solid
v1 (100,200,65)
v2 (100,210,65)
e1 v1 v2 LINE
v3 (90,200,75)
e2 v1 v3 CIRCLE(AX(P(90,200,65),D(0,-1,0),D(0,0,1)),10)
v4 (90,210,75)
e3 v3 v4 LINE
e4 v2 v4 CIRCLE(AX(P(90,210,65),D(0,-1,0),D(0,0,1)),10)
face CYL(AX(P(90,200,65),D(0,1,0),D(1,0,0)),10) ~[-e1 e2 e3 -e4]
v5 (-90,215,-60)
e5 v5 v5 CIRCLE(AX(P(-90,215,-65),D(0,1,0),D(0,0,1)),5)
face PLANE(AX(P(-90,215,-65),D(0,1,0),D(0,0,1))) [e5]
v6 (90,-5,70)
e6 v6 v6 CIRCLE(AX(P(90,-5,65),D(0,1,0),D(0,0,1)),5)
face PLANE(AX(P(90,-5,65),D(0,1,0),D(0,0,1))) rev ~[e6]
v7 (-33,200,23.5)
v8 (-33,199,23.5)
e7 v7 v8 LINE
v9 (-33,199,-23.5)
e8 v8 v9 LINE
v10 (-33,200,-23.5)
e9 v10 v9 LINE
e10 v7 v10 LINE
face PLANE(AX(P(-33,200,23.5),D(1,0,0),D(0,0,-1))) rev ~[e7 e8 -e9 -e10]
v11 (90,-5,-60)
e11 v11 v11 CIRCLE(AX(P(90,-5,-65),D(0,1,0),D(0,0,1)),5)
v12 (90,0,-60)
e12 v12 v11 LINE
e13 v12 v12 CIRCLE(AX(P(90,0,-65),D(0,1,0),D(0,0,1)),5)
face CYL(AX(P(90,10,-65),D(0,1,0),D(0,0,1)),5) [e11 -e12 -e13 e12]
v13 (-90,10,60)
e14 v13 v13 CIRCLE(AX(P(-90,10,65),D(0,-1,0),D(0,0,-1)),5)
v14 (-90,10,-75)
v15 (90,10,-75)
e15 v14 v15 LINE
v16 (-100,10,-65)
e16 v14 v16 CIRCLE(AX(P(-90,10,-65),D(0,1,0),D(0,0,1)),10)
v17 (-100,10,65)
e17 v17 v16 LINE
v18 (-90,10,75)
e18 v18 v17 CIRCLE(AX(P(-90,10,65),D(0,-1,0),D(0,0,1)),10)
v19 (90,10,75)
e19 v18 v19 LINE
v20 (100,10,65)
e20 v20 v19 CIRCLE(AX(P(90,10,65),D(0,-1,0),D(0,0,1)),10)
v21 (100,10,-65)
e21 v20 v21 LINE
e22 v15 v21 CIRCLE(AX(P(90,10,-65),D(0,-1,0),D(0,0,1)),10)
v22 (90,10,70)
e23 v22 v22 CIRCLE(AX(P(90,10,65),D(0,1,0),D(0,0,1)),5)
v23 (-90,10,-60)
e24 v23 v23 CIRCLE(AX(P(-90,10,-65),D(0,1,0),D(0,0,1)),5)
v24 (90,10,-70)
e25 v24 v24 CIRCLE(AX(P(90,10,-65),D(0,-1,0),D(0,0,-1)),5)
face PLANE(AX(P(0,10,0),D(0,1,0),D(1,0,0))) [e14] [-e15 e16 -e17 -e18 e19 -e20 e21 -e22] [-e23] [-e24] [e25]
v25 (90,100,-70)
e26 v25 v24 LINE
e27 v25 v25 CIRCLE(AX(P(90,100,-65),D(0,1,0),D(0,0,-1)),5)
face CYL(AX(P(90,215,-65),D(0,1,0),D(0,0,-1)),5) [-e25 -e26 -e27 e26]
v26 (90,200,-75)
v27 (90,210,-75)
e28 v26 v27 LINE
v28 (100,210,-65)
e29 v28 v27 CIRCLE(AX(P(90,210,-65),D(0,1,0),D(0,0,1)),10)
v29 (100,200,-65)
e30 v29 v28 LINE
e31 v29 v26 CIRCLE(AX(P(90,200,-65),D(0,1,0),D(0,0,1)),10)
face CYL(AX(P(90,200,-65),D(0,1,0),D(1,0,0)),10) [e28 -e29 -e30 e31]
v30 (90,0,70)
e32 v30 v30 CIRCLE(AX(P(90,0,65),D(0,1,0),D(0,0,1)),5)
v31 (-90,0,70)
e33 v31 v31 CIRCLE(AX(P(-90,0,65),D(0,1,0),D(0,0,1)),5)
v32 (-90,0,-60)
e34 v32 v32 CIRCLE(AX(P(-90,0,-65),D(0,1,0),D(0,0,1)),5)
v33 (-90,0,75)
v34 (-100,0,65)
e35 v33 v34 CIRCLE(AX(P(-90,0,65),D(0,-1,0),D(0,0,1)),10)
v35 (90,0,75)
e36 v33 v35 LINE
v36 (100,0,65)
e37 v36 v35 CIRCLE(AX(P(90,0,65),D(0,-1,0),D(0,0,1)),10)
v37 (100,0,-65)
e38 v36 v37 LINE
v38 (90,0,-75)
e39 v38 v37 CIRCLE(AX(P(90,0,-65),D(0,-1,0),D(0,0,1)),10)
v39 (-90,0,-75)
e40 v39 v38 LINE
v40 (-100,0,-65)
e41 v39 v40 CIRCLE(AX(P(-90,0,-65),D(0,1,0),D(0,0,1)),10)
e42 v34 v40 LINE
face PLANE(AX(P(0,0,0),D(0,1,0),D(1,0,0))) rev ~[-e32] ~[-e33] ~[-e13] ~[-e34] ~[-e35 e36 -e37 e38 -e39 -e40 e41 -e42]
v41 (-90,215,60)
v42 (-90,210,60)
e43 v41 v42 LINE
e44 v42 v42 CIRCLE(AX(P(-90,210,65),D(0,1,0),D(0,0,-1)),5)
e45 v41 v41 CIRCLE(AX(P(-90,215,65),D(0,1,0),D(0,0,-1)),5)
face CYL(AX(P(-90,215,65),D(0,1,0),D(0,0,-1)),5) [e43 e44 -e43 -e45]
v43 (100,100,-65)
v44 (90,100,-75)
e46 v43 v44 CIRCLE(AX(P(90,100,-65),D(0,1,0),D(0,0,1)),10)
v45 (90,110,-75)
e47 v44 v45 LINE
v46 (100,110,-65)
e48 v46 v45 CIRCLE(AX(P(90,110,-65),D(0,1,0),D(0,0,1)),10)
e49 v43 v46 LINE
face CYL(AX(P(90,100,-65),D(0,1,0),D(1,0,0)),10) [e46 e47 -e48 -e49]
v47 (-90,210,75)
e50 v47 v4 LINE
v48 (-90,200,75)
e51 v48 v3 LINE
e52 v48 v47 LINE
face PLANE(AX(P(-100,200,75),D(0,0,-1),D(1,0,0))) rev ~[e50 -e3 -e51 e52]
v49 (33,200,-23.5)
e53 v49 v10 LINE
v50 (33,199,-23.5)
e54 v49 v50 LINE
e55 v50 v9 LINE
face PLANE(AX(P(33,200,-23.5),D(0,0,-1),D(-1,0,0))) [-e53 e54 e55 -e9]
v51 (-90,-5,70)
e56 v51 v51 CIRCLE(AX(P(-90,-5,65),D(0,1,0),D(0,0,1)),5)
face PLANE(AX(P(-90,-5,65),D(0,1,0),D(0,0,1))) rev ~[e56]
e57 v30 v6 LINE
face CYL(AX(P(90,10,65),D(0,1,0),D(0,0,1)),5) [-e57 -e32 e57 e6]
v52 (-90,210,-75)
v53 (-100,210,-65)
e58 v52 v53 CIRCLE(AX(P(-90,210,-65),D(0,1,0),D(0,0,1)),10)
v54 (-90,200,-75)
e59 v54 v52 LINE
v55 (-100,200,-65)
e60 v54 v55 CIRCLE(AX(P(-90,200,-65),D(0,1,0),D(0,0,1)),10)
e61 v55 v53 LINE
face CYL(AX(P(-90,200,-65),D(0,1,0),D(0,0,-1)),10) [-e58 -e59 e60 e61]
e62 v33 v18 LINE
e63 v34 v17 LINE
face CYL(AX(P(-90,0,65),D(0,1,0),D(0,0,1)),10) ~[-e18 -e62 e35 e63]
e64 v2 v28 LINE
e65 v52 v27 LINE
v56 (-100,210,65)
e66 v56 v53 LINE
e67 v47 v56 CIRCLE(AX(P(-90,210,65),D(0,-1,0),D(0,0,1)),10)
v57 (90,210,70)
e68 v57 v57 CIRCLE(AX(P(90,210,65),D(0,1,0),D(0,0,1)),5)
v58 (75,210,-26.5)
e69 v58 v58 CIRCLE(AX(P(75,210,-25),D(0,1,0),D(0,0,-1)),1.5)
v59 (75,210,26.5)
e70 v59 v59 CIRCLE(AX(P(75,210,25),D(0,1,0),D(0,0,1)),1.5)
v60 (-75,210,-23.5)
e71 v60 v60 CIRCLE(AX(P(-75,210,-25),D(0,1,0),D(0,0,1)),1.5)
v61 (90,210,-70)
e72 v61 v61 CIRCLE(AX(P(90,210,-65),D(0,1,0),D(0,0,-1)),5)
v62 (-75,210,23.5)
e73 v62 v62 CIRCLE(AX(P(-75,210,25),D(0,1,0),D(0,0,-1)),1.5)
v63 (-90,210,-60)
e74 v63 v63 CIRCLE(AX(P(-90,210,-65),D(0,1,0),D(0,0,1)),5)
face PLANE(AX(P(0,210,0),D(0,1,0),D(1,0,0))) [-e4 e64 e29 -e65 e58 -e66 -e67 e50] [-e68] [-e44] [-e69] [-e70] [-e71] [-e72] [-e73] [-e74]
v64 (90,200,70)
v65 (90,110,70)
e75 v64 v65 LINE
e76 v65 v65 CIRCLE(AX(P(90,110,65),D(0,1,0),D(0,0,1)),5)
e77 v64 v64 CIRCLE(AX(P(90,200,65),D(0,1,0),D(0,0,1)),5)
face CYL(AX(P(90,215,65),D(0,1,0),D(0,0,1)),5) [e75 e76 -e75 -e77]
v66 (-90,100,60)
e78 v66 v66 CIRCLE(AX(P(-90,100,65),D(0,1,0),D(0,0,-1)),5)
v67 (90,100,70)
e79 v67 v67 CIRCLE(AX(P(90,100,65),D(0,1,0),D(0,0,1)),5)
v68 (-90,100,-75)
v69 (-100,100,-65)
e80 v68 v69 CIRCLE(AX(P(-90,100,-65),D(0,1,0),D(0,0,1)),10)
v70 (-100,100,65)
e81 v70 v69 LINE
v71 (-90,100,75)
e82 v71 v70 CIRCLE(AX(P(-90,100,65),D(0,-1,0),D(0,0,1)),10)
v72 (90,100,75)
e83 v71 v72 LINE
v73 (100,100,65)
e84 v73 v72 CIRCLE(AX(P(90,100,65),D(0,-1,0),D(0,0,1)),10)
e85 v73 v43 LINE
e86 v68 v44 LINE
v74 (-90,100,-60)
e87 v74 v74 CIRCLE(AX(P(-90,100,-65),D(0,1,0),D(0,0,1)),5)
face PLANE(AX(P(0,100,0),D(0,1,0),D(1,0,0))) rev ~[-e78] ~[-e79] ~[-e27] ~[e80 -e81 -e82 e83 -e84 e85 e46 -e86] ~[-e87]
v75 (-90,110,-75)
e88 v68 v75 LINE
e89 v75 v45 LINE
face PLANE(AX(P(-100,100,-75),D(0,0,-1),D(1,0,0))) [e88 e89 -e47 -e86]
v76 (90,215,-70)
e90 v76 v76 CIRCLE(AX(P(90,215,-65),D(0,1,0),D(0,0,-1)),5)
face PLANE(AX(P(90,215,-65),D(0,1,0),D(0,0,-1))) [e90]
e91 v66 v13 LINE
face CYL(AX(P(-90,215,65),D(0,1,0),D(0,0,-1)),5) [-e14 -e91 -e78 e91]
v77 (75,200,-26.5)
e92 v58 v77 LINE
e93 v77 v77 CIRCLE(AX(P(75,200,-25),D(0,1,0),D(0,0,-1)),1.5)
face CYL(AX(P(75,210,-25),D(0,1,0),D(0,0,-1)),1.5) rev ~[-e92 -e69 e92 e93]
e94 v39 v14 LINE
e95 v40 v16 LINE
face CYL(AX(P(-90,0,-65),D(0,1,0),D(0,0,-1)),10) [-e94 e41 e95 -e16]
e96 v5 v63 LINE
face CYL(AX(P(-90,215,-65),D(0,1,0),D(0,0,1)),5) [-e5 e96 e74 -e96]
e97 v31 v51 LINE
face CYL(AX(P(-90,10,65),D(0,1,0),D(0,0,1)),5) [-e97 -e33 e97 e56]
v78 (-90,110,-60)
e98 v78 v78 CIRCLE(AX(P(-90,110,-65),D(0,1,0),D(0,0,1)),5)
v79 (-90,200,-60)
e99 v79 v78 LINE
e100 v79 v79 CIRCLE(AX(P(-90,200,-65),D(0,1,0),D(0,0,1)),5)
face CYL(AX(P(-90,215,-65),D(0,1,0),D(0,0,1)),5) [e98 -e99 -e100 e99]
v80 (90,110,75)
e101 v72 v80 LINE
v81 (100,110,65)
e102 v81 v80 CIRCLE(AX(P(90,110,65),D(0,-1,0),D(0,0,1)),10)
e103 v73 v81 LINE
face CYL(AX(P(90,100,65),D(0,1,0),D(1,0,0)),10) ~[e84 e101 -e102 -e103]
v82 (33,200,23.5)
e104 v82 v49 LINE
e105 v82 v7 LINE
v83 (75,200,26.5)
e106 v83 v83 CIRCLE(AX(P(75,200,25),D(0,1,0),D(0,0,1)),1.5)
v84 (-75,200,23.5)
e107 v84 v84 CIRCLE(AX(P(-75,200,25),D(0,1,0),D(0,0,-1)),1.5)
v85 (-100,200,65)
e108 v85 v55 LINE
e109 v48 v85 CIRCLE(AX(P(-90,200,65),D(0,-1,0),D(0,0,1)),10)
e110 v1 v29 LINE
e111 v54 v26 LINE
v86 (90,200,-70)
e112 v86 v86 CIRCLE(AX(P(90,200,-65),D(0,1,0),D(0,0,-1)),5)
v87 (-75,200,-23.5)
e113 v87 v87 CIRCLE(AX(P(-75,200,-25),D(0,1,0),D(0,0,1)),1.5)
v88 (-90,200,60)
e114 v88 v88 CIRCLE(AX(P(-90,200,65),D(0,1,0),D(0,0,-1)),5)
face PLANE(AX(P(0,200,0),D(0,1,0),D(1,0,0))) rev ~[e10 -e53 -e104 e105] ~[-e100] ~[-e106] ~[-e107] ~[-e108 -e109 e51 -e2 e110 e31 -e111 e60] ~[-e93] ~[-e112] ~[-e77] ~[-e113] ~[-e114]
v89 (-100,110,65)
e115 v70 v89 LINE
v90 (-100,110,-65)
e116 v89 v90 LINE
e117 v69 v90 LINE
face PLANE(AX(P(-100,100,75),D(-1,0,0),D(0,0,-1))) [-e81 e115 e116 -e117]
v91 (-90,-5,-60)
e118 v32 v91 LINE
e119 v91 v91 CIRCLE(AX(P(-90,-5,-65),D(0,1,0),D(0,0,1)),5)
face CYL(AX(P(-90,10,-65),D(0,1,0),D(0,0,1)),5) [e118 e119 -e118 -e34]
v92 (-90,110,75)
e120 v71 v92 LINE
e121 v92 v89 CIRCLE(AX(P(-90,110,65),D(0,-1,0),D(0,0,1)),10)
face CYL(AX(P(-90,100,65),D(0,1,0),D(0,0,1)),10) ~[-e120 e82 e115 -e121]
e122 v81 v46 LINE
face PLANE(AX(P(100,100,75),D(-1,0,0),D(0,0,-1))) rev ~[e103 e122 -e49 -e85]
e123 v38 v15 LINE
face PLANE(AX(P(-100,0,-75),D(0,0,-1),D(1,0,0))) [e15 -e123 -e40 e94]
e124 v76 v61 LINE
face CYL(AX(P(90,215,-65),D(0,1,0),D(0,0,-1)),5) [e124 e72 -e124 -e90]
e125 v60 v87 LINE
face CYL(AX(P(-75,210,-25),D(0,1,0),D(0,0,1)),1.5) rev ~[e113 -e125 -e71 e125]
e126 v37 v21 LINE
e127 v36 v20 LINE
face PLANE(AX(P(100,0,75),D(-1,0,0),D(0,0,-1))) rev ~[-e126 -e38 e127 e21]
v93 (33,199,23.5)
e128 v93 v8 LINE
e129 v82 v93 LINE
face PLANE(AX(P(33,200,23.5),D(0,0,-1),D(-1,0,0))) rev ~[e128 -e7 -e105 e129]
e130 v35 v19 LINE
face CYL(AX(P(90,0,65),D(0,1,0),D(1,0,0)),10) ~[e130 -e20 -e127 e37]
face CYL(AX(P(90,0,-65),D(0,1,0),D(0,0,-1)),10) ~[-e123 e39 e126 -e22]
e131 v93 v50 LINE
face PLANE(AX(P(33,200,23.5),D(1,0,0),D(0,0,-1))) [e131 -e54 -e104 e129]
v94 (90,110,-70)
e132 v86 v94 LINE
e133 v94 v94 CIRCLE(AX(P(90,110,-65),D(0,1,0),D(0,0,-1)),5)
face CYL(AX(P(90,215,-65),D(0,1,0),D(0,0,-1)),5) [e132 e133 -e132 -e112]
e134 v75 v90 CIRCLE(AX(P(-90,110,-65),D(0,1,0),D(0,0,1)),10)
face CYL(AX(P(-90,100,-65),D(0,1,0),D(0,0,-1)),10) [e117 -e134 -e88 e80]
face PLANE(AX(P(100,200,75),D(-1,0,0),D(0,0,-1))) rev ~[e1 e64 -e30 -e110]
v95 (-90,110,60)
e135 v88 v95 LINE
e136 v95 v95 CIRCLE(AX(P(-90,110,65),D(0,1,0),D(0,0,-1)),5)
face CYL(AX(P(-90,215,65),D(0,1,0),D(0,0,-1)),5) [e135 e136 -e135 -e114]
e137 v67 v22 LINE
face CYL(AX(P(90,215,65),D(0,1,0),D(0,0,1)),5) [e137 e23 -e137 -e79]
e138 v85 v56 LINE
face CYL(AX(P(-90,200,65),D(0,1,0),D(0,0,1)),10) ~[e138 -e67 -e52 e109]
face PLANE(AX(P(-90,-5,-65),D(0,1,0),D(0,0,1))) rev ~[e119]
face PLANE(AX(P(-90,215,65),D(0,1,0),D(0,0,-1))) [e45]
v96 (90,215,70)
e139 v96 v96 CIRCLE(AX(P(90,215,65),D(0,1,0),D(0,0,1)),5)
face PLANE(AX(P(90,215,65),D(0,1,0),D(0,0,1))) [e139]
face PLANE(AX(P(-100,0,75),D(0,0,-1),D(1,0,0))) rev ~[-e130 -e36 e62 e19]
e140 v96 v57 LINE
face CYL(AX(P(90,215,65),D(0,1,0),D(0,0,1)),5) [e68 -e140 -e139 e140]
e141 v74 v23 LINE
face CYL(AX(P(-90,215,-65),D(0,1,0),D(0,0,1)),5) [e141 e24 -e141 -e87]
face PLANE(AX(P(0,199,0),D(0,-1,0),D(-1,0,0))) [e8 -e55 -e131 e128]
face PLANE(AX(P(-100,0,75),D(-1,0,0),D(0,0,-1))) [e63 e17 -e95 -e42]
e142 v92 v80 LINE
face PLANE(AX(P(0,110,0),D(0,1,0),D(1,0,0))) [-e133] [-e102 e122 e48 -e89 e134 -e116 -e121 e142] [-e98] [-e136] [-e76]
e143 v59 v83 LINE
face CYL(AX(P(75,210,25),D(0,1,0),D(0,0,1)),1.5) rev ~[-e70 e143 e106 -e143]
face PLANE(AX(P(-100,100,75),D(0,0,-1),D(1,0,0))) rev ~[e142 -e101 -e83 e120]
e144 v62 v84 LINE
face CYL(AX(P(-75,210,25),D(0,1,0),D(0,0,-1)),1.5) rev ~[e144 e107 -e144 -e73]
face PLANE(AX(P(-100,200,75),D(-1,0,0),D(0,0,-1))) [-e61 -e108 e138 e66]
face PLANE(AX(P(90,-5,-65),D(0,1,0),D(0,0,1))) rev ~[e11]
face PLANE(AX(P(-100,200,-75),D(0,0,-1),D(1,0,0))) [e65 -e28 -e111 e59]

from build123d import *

# Parameters (mm, degrees)
SKETCH1_W            = 200
SKETCH1_H            = 150
BOSS_EXTRUDE1_DEPTH  = 10
SKETCH2_R            = 5
CUT_EXTRUDE1_DEPTH   = 10
SKETCH3_W            = 200
SKETCH3_H            = 150
SKETCH3_R            = 5
BOSS_EXTRUDE2_DEPTH  = 10
SKETCH4_W            = 200
SKETCH4_H            = 150
SKETCH4_R            = 5
BOSS_EXTRUDE3_DEPTH  = 10
BOSS_EXTRUDE13_START = 205
SKETCH21_R           = 5
BOSS_EXTRUDE13_DEPTH = 205
SKETCH22_R           = 5
BOSS_EXTRUDE14_DEPTH = 15
FILLET2_R            = 10
SKETCH23_R           = 1.5
CUT_EXTRUDE2_DEPTH   = 10
SKETCH30_W           = 66
SKETCH30_H           = 47
BOSS_EXTRUDE16_DEPTH = 1


with BuildPart() as part:
    # Sketch1 → Boss-Extrude1 (new body)
    with BuildSketch(Plane(origin=(0, 0, 0), x_dir=(1, 0, 0), z_dir=(0, 1, 0))):
        Rectangle(SKETCH1_W, SKETCH1_H)
    extrude(amount=BOSS_EXTRUDE1_DEPTH)

    # Sketch2 → Cut-Extrude1 (cut)
    with BuildSketch(Plane(origin=(0, 10, 0), x_dir=(1, 0, 0), z_dir=(0, 1, 0))):
        with Locations(Location((-90, 65, 0), (0, 0, 270))):
            Circle(SKETCH2_R)
        with Locations(Location((90, 65, 0), (0, 0, 90))):
            Circle(SKETCH2_R)
        with Locations(Location((90, -65, 0), (0, 0, 270))):
            Circle(SKETCH2_R)
        with Locations(Location((-90, -65, 0), (0, 0, 90))):
            Circle(SKETCH2_R)
    extrude(amount=-CUT_EXTRUDE1_DEPTH, mode=Mode.SUBTRACT)



with BuildPart() as body_2:
    # Sketch3 → Boss-Extrude2 (new body)
    with BuildSketch(Plane(origin=(0, 100, 0), x_dir=(1, 0, 0), z_dir=(0, 1, 0))):
        Rectangle(SKETCH3_W, SKETCH3_H)
        with Locations(Location((-90, 65, 0), (0, 0, 270))):
            Circle(SKETCH3_R, mode=Mode.SUBTRACT)
        with Locations(Location((90, 65, 0), (0, 0, 90))):
            Circle(SKETCH3_R, mode=Mode.SUBTRACT)
        with Locations(Location((-90, -65, 0), (0, 0, 90))):
            Circle(SKETCH3_R, mode=Mode.SUBTRACT)
        with Locations(Location((90, -65, 0), (0, 0, 270))):
            Circle(SKETCH3_R, mode=Mode.SUBTRACT)
    extrude(amount=BOSS_EXTRUDE2_DEPTH)



with BuildPart() as body_3:
    # Sketch4 → Boss-Extrude3 (new body)
    with BuildSketch(Plane(origin=(0, 200, 0), x_dir=(1, 0, 0), z_dir=(0, 1, 0))):
        Rectangle(SKETCH4_W, SKETCH4_H)
        with Locations(Location((-90, 65, 0), (0, 0, 270))):
            Circle(SKETCH4_R, mode=Mode.SUBTRACT)
        with Locations(Location((90, 65, 0), (0, 0, 90))):
            Circle(SKETCH4_R, mode=Mode.SUBTRACT)
        with Locations(Location((90, -65, 0), (0, 0, 270))):
            Circle(SKETCH4_R, mode=Mode.SUBTRACT)
        with Locations(Location((-90, -65, 0), (0, 0, 90))):
            Circle(SKETCH4_R, mode=Mode.SUBTRACT)
    extrude(amount=BOSS_EXTRUDE3_DEPTH)


with BuildPart() as body_2_1:
    add(body_2.part)

    add(body_3.part)  # Boss-Extrude13 merges body 3
    # Sketch21 → Boss-Extrude13 (add)
    with BuildSketch(Plane(origin=(0, 10, 0), x_dir=(1, 0, 0), z_dir=(0, 1, 0)).offset(BOSS_EXTRUDE13_START)):
        with Locations(Location((-90, -65, 0), (0, 0, 90))):
            Circle(SKETCH21_R)
        with Locations(Location((-90, 65, 0), (0, 0, 270))):
            Circle(SKETCH21_R)
        with Locations(Location((90, 65, 0), (0, 0, 90))):
            Circle(SKETCH21_R)
        with Locations(Location((90, -65, 0), (0, 0, 270))):
            Circle(SKETCH21_R)
    extrude(amount=-BOSS_EXTRUDE13_DEPTH)


with BuildPart() as part_1:
    add(part.part)

    add(body_2_1.part)  # Boss-Extrude14 merges body 2
    # Sketch22 → Boss-Extrude14 (add)
    with BuildSketch(Plane(origin=(0, 10, 0), x_dir=(1, 0, 0), z_dir=(0, 1, 0))):
        with Locations(Location((-90, 65, 0), (0, 0, 270))):
            Circle(SKETCH22_R)
        with Locations(Location((-90, -65, 0), (0, 0, 270))):
            Circle(SKETCH22_R)
        with Locations(Location((90, -65, 0), (0, 0, 270))):
            Circle(SKETCH22_R)
        with Locations(Location((90, 65, 0), (0, 0, 270))):
            Circle(SKETCH22_R)
    extrude(amount=-BOSS_EXTRUDE14_DEPTH)

    # Fillet2
    fillet2_edges = [part_1.edges().sort_by_distance(p)[0] for p in [
        (100, 105, 75),
        (100, 105, -75),
        (-100, 105, -75),
        (-100, 105, 75),
        (100, 205, 75),
        (100, 205, -75),
        (-100, 205, -75),
        (-100, 205, 75),
        (100, 5, 75),
        (-100, 5, 75),
        (-100, 5, -75),
        (100, 5, -75),
    ]]
    fillet(fillet2_edges, radius=FILLET2_R)

    # Sketch23 → Cut-Extrude2 (cut)
    with BuildSketch(Plane(origin=(0, 210, 0), x_dir=(1, 0, 0), z_dir=(0, 1, 0))):
        with Locations(Location((-75, 25, 0), (0, 0, 270))):
            Circle(SKETCH23_R)
        with Locations(Location((-75, -25, 0), (0, 0, 90))):
            Circle(SKETCH23_R)
        with Locations(Location((75, -25, 0), (0, 0, 270))):
            Circle(SKETCH23_R)
        with Locations(Location((75, 25, 0), (0, 0, 90))):
            Circle(SKETCH23_R)
    extrude(amount=-CUT_EXTRUDE2_DEPTH, mode=Mode.SUBTRACT)

    # Sketch30 → Boss-Extrude16 (add)
    with BuildSketch(Plane(origin=(0, 200, 0), x_dir=(-1, 0, 0), z_dir=(0, -1, 0))):
        Rectangle(SKETCH30_W, SKETCH30_H)
    extrude(amount=BOSS_EXTRUDE16_DEPTH)


solid = part_1.part
